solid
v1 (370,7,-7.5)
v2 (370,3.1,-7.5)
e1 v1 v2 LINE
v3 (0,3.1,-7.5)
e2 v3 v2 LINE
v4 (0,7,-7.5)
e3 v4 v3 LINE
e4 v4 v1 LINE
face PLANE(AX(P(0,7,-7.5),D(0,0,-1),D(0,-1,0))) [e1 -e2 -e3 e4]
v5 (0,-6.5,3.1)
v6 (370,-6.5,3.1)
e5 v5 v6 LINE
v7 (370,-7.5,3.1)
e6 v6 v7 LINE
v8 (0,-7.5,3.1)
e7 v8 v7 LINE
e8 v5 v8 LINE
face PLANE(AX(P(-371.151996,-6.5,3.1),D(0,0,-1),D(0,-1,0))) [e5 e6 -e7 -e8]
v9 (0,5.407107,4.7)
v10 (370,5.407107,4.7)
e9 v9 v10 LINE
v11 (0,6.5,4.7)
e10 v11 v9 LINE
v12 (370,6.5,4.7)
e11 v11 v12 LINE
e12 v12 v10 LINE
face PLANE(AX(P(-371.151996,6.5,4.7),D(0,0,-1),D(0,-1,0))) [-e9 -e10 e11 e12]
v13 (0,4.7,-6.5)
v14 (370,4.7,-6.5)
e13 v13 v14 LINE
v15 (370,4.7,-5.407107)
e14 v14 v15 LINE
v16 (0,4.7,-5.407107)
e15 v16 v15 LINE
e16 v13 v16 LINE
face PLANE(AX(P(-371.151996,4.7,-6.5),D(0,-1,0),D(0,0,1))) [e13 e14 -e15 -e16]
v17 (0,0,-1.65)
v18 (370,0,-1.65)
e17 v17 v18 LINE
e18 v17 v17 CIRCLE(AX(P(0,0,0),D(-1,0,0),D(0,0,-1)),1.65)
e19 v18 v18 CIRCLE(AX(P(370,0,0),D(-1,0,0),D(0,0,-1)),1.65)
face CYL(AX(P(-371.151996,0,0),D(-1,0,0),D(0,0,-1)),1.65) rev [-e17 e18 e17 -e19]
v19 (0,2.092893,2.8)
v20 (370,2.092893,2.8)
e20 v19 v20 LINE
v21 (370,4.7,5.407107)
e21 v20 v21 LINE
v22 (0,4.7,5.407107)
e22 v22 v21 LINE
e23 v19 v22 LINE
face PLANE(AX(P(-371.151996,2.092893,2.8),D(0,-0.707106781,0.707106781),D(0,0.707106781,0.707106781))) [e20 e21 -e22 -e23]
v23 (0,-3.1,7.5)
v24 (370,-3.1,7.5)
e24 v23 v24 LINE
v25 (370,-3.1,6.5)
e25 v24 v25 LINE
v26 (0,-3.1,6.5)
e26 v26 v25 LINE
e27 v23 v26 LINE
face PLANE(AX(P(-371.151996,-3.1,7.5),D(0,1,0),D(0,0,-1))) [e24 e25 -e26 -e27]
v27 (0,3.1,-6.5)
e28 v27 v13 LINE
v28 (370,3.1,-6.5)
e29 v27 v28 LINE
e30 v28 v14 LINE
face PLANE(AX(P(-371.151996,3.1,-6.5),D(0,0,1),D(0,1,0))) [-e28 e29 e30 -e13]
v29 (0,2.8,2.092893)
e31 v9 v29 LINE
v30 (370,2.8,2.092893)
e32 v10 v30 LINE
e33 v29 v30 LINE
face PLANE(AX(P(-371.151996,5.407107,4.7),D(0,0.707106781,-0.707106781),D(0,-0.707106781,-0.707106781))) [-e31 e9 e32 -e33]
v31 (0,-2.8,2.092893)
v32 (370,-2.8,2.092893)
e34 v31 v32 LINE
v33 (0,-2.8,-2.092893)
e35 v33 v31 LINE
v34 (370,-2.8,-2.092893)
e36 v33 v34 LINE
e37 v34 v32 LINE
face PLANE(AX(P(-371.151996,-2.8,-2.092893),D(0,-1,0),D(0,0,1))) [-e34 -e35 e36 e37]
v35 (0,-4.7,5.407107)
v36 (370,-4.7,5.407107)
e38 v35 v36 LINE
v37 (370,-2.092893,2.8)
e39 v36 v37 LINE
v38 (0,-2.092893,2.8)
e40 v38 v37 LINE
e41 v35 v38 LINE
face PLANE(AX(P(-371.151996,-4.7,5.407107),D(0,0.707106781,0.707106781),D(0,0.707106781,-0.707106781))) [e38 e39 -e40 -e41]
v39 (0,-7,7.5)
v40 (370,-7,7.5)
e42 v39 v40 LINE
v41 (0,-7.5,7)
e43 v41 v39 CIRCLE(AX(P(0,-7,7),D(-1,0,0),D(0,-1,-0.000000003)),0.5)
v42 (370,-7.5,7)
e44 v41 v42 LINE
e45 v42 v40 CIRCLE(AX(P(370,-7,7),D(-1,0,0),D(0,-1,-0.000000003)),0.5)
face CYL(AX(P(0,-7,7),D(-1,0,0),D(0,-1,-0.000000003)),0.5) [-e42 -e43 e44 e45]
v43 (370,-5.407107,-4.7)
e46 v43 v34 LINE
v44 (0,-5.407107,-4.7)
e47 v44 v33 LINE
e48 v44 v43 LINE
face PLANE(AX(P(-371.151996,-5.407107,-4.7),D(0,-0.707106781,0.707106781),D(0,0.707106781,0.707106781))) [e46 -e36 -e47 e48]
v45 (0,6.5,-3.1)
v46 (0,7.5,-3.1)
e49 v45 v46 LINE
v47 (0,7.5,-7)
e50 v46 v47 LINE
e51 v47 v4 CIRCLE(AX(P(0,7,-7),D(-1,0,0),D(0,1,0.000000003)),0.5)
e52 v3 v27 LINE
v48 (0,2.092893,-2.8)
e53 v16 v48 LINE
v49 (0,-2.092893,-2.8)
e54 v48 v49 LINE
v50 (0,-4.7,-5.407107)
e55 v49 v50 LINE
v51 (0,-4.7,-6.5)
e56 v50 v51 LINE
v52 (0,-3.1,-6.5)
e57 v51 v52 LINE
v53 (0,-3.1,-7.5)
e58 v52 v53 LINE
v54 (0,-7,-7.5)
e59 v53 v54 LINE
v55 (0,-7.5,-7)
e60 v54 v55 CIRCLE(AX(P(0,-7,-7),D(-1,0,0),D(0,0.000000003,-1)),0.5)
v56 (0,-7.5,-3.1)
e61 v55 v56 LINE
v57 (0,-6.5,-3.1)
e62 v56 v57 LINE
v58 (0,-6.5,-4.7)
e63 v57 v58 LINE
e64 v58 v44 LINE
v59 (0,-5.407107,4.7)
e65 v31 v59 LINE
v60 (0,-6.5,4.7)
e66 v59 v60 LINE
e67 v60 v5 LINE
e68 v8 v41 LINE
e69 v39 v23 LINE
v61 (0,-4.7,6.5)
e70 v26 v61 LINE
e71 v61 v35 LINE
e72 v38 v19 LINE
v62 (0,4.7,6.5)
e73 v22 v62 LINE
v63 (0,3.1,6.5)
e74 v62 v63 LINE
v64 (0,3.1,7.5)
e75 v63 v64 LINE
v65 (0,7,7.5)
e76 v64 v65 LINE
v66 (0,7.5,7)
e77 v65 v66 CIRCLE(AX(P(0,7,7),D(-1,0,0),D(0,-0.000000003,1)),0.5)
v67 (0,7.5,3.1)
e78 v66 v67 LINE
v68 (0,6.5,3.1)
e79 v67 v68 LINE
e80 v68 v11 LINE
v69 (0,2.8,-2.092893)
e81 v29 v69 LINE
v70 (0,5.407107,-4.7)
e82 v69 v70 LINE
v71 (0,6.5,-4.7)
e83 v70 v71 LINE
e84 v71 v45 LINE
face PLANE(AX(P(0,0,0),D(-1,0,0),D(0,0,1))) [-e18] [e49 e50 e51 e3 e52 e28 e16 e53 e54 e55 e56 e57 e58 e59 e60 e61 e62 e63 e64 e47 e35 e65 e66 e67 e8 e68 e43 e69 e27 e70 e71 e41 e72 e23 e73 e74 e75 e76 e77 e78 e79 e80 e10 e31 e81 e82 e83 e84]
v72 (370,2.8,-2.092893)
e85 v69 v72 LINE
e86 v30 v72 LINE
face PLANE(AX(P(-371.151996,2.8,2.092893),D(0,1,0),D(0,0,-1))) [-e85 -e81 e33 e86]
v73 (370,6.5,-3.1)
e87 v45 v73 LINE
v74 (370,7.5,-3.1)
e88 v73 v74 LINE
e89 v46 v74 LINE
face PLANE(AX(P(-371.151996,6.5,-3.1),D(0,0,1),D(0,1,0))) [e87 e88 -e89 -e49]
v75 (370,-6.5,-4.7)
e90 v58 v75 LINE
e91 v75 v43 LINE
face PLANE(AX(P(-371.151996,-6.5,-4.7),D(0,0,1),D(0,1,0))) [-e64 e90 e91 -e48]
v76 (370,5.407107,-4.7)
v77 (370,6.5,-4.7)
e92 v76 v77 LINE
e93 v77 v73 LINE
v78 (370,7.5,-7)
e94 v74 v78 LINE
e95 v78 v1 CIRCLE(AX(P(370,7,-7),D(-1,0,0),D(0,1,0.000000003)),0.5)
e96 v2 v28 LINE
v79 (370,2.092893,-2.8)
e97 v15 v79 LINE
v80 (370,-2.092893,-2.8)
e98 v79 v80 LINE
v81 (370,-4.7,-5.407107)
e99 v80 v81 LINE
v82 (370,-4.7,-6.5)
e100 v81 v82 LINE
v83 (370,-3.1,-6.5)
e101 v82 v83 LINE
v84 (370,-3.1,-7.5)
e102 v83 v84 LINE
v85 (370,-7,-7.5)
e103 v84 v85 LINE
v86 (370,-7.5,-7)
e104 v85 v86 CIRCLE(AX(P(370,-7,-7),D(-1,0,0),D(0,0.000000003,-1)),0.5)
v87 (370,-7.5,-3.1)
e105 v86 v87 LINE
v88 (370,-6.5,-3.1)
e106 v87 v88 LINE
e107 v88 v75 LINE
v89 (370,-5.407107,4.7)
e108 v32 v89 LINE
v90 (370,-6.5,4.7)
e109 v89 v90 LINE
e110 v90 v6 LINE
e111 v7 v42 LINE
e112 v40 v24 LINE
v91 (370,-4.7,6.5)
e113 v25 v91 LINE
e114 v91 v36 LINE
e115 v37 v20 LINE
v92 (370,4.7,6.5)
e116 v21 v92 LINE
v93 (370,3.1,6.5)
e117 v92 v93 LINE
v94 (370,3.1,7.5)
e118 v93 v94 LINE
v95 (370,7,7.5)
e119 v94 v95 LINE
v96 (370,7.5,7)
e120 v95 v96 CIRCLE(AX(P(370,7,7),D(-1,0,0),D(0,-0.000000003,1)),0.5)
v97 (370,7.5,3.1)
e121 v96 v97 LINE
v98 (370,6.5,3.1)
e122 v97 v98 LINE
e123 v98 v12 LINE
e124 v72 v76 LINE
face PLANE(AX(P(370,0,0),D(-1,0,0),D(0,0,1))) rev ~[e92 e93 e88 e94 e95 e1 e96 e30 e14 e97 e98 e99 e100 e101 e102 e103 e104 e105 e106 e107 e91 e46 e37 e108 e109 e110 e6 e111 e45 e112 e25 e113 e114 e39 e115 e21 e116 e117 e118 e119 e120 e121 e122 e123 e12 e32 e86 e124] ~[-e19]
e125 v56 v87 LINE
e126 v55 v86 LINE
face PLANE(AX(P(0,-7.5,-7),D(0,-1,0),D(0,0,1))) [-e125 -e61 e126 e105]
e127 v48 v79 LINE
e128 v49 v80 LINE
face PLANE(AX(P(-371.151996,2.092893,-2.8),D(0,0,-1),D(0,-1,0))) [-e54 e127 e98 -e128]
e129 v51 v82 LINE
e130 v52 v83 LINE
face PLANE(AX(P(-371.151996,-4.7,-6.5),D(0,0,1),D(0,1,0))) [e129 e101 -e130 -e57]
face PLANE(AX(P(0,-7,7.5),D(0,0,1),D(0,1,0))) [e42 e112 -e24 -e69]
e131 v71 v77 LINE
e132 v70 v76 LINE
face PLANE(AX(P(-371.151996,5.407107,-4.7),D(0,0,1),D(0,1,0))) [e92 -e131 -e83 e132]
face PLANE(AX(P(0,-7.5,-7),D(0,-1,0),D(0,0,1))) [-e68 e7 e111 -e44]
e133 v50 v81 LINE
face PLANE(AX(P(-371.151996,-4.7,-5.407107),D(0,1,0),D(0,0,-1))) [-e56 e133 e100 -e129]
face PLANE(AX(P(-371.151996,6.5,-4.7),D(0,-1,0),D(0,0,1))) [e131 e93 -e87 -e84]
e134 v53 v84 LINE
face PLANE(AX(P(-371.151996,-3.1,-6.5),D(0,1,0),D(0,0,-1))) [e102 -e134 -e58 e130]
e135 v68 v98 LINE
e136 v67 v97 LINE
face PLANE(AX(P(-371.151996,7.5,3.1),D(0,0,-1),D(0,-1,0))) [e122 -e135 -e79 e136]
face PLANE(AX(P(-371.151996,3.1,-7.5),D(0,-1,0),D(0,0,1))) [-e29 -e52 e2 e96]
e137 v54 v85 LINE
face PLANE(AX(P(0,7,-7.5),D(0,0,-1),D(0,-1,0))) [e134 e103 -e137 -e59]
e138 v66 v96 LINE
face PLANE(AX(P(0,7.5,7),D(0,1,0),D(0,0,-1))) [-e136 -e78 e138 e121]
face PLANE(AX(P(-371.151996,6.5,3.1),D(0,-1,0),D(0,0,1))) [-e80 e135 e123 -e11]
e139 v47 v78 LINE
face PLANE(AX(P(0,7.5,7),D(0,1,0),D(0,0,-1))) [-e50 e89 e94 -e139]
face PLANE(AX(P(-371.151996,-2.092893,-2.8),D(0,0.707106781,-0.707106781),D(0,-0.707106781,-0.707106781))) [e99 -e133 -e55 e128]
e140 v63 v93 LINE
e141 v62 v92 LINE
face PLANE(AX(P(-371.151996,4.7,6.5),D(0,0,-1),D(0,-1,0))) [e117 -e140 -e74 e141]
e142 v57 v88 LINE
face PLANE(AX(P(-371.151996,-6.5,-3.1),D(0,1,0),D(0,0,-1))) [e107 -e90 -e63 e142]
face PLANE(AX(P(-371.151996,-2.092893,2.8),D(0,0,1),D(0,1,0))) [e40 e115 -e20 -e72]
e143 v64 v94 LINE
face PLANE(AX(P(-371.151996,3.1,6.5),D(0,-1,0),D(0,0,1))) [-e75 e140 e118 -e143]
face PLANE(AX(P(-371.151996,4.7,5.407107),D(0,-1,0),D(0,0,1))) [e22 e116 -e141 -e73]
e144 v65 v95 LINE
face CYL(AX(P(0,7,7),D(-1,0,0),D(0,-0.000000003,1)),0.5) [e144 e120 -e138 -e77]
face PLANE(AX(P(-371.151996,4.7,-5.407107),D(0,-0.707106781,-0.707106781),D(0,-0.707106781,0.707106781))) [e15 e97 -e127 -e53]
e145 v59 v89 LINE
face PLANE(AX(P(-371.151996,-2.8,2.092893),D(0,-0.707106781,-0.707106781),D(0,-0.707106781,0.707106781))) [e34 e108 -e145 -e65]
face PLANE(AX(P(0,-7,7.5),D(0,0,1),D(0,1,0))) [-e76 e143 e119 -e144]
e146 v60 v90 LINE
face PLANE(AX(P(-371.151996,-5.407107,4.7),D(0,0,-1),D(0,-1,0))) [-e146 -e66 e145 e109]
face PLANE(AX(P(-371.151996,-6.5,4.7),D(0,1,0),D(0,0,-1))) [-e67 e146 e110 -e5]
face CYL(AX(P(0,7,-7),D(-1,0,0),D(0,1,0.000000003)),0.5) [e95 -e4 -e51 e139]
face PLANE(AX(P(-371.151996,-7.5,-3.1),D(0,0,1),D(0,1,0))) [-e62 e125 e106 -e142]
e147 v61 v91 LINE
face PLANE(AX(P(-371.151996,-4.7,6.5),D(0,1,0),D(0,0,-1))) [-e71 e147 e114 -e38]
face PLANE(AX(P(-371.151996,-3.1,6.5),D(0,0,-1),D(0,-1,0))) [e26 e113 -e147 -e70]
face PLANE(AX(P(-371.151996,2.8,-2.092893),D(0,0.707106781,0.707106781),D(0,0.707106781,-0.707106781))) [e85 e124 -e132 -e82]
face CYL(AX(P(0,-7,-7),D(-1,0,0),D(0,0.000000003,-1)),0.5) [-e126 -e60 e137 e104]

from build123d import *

# Parameters (mm, degrees)
EXTRUDE_1_DEPTH          = 370
CUT_EXTRUDE_2_DEPTH      = 371.151995807
CUT_EXTRUDE_2_DEPTH_BACK = 371.151995807
SKETCH_2_4_R             = 1.65


with BuildPart() as part:
    # 草图2 → 凸台-拉伸1 (new body)
    with BuildSketch(Plane(origin=(0, 0, 0), x_dir=(0, 0, -1), z_dir=(1, 0, 0))):
        with BuildLine():
            Line((-7, 7.5), (7, 7.5))
            ThreePointArc((7, 7.5), (7.353553391, 7.353553391), (7.5, 7))
            Line((7.5, 7), (7.5, -7))
            ThreePointArc((7.5, -7), (7.353553391, -7.353553391), (7, -7.5))
            Line((7, -7.5), (-7, -7.5))
            ThreePointArc((-7, -7.5), (-7.353553391, -7.353553391), (-7.5, -7))
            Line((-7.5, -7), (-7.5, 7))
            ThreePointArc((-7.5, 7), (-7.353553391, 7.353553391), (-7, 7.5))
        make_face()
    extrude(amount=EXTRUDE_1_DEPTH)

    # 草图2<4> → 切除-拉伸2 (cut, two sides: drawn at the far end of the back side and taken through both)
    with BuildSketch(Plane(origin=(0, 0, 0), x_dir=(0, 0, -1), z_dir=(1, 0, 0)).offset(-CUT_EXTRUDE_2_DEPTH_BACK)):
        Polygon((3.1, 7.5), (-3.1, 7.5), (-3.1, 6.5), (-4.7, 6.5), (-4.7, 5.407106781), (-2.092893219, 2.8), (2.092893219, 2.8), (4.7, 5.407106781), (4.7, 6.5), (3.1, 6.5), align=None)
        Polygon((-6.5, 3.1), (-7.5, 3.1), (-7.5, -3.1), (-6.5, -3.1), (-6.5, -4.7), (-5.407106781, -4.7), (-2.8, -2.092893219), (-2.8, 2.092893219), (-5.407106781, 4.7), (-6.5, 4.7), align=None)
        Polygon((7.5, -3.1), (7.5, 3.1), (6.5, 3.1), (6.5, 4.7), (5.407106781, 4.7), (2.8, 2.092893219), (2.8, -2.092893219), (5.407106781, -4.7), (6.5, -4.7), (6.5, -3.1), align=None)
        Polygon((-3.1, -6.5), (-3.1, -7.5), (3.1, -7.5), (3.1, -6.5), (4.7, -6.5), (4.7, -5.407106781), (2.092893219, -2.8), (-2.092893219, -2.8), (-4.7, -5.407106781), (-4.7, -6.5), align=None)
        Circle(SKETCH_2_4_R)
    extrude(amount=CUT_EXTRUDE_2_DEPTH + CUT_EXTRUDE_2_DEPTH_BACK, mode=Mode.SUBTRACT)


solid = part.part
